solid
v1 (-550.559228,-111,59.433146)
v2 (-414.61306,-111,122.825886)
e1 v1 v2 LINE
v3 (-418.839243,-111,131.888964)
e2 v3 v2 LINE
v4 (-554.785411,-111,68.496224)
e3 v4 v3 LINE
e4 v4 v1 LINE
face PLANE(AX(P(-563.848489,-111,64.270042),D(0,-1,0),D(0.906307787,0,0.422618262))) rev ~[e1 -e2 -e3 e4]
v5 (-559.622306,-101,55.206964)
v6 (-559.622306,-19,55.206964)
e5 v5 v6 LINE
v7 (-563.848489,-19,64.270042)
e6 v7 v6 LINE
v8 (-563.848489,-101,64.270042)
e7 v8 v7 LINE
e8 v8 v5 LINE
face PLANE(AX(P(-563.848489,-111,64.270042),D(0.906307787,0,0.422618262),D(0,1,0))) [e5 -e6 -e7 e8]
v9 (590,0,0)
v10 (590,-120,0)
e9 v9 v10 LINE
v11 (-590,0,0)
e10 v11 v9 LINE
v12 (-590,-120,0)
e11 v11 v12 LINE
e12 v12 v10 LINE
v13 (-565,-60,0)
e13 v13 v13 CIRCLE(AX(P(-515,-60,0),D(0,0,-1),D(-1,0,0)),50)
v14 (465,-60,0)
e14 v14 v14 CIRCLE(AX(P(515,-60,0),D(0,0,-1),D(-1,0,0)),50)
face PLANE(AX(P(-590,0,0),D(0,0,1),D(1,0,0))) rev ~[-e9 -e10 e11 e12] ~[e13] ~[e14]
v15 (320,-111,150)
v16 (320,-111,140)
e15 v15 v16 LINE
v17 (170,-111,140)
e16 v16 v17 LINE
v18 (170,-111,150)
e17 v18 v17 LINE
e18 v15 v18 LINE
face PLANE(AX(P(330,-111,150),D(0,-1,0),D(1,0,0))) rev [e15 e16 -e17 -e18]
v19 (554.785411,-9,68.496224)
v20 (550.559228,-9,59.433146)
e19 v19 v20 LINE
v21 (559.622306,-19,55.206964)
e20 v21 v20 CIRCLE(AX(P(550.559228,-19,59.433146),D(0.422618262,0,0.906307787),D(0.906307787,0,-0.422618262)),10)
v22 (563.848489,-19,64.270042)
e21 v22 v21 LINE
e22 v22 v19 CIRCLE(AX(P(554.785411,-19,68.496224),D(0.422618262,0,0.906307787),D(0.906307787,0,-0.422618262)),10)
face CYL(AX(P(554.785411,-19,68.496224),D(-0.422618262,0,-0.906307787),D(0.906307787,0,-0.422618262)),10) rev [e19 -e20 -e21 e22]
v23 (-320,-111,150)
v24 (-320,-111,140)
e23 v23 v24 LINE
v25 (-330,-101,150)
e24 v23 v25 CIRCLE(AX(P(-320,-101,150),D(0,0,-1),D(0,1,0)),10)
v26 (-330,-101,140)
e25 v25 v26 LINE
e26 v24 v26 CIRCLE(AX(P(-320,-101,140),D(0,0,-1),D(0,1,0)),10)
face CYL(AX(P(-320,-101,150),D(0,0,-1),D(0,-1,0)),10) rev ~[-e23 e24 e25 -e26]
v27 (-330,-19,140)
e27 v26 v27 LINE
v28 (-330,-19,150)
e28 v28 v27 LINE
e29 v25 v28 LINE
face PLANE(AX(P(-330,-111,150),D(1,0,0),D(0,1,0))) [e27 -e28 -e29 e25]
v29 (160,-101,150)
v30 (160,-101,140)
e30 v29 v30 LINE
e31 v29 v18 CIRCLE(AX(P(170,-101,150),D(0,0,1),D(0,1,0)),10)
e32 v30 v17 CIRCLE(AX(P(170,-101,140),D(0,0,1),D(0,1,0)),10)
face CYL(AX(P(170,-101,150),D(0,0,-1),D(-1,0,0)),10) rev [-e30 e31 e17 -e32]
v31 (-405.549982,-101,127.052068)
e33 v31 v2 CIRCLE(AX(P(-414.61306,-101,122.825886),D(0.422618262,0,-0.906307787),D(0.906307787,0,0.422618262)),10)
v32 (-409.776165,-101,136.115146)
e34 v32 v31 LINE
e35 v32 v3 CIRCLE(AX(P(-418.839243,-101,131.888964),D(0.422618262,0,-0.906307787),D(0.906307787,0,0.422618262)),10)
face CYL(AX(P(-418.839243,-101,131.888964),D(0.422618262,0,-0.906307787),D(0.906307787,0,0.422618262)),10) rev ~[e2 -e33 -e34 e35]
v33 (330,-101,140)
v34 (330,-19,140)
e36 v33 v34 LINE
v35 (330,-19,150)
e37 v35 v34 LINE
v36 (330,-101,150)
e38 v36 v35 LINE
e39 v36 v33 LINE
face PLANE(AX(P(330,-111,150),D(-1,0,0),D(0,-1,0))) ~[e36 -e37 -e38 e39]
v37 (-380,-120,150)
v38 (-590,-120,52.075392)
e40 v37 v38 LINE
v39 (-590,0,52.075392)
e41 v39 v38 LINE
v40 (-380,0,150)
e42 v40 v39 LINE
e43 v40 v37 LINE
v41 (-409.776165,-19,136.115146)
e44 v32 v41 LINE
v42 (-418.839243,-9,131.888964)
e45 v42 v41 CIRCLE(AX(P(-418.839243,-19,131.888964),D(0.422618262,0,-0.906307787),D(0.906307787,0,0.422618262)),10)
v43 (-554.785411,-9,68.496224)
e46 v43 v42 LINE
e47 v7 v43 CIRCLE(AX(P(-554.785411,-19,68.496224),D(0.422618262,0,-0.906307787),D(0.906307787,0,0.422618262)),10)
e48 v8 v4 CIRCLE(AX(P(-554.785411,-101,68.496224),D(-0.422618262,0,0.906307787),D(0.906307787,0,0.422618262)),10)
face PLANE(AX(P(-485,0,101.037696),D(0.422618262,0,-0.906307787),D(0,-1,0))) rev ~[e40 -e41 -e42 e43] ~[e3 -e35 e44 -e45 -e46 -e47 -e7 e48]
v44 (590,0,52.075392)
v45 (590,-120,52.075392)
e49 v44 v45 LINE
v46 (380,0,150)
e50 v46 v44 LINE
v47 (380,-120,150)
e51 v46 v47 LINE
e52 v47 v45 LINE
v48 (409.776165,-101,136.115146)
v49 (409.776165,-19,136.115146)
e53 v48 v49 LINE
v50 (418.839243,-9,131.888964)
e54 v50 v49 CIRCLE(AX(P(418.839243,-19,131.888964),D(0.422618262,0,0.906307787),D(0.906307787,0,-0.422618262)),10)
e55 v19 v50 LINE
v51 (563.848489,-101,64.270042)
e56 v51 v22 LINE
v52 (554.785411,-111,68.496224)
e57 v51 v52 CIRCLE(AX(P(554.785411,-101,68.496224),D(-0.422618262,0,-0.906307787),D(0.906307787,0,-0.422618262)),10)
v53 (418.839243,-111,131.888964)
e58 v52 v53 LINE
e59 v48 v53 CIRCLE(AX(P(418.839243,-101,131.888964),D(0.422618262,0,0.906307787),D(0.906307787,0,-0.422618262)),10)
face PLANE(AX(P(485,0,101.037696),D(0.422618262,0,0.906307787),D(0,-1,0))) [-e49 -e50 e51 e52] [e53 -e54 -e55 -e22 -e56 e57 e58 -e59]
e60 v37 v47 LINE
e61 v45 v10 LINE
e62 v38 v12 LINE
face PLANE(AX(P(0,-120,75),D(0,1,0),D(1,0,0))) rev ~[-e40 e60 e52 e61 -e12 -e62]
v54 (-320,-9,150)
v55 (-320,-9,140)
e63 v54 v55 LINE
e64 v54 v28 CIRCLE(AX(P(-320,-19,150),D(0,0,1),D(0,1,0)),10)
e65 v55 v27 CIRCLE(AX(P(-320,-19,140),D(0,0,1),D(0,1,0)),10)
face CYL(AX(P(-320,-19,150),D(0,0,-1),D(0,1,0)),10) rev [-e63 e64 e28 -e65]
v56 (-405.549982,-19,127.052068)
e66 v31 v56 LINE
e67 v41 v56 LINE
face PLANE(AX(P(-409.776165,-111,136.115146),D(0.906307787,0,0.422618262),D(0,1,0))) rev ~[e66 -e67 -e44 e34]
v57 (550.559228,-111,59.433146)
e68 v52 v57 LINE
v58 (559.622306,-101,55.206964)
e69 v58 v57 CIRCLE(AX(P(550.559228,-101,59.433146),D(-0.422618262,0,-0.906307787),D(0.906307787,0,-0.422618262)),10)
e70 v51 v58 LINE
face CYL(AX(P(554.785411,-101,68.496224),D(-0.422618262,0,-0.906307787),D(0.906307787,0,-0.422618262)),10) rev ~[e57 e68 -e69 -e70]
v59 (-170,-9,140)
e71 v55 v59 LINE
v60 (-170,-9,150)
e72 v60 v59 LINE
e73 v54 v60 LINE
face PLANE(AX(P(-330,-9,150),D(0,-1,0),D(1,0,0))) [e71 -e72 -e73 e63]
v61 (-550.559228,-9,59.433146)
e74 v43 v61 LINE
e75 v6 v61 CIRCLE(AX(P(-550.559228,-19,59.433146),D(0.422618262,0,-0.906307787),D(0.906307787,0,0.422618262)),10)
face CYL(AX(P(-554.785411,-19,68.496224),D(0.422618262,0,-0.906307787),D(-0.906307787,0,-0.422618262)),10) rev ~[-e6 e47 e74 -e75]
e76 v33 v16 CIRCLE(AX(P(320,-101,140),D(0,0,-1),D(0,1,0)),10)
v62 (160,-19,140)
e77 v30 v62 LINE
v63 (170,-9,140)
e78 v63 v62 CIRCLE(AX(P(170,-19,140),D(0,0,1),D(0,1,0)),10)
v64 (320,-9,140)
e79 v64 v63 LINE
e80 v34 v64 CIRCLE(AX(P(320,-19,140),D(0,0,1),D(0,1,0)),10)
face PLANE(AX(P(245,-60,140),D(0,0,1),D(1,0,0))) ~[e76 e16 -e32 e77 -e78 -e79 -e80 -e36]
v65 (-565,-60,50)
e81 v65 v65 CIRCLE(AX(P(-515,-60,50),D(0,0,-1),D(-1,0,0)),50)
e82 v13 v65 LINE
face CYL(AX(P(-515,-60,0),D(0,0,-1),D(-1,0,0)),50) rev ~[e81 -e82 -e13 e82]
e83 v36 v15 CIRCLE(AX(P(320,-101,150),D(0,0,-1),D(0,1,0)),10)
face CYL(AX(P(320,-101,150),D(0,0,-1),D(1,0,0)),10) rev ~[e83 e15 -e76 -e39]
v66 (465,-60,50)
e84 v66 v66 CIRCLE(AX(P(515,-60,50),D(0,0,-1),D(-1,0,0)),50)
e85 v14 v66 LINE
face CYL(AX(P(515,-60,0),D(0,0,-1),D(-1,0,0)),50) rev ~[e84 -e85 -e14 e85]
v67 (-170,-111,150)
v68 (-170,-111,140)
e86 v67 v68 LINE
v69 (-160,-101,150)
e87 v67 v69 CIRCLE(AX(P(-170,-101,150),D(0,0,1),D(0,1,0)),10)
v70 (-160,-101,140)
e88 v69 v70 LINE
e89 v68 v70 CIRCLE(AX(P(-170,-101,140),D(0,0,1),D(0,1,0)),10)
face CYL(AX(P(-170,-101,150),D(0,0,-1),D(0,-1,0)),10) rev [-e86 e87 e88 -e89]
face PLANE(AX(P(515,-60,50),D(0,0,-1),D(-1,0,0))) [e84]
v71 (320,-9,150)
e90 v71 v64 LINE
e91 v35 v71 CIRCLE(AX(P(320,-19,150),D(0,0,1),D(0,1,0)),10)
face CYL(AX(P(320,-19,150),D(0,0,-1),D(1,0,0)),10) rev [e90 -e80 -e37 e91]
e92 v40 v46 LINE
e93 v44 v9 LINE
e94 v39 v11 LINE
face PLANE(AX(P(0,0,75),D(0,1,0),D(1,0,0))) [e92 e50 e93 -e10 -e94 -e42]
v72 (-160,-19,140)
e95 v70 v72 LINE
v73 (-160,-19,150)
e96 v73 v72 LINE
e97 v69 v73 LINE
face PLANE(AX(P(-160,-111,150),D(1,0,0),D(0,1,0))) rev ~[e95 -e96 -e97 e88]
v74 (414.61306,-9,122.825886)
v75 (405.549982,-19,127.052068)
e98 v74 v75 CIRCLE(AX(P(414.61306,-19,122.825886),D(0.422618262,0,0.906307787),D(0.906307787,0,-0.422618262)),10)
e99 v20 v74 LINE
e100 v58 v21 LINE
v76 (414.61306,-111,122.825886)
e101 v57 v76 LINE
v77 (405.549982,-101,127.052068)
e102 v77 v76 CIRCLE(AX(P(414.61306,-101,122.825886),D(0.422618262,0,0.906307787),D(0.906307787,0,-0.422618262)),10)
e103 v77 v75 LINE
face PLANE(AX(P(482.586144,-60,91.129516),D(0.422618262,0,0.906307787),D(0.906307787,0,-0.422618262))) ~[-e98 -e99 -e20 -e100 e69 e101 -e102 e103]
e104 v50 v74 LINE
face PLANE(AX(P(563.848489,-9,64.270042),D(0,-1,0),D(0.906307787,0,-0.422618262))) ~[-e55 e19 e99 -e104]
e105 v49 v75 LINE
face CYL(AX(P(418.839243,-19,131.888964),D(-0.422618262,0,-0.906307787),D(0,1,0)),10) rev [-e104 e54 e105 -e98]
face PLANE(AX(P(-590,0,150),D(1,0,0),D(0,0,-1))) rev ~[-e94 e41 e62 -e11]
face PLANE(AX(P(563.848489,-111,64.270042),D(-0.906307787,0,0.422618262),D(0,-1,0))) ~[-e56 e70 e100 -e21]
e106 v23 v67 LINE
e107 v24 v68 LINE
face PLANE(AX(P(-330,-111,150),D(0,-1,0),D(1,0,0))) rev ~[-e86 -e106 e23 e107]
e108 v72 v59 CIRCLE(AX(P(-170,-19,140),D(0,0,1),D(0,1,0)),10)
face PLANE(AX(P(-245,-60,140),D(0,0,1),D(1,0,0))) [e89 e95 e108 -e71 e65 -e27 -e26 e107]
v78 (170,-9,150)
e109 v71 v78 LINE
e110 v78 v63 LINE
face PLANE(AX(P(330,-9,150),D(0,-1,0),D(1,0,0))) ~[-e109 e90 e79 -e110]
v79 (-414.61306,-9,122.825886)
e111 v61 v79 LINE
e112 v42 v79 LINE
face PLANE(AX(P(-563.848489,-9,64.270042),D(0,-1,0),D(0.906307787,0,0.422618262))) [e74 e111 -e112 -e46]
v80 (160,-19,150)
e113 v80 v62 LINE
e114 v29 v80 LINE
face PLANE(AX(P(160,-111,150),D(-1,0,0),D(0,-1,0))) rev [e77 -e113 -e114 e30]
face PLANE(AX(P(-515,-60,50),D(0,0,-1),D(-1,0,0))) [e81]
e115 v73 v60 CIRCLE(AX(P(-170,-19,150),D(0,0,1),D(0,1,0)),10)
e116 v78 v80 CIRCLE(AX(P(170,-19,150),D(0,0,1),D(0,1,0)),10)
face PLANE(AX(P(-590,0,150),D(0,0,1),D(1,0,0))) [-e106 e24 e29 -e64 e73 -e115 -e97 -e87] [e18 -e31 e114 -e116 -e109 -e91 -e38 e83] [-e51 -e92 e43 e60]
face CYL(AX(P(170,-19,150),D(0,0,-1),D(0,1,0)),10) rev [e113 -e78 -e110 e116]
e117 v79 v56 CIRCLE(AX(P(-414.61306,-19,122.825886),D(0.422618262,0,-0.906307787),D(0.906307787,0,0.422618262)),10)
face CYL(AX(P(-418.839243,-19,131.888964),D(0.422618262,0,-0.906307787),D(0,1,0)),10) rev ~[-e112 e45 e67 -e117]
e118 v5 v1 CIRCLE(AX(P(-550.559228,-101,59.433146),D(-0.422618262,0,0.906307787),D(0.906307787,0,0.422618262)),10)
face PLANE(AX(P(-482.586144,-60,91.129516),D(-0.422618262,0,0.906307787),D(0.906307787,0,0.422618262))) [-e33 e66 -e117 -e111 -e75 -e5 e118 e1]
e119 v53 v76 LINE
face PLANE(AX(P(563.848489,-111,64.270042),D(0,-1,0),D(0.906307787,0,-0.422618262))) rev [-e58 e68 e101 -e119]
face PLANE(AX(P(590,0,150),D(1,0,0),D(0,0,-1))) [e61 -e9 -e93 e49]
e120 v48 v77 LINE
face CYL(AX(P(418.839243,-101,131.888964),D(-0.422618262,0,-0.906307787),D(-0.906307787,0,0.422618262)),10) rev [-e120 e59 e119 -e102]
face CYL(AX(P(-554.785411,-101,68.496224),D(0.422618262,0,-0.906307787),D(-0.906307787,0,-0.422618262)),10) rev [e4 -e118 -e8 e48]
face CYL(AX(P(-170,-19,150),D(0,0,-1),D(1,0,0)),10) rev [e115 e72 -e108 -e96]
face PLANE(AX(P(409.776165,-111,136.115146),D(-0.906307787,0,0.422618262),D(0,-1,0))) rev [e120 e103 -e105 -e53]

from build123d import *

# Parameters (mm, degrees)
SKETCH1_W           = 1180
SKETCH1_H           = 150
BOSS_EXTRUDE1_DEPTH = 120
SKETCH2_R           = 50
CUT_EXTRUDE1_DEPTH  = 50
CHAMFER1_SIZE       = 210
CHAMFER1_SIZE2      = 97.924608213
SKETCH3_W           = 170
SKETCH3_H           = 102
CUT_EXTRUDE2_DEPTH  = 10
FILLET2_R           = 10
SKETCH4_W           = 170
SKETCH4_H           = 102
CUT_EXTRUDE3_DEPTH  = 10
FILLET3_R           = 10
FILLET4_R           = 10


with BuildPart() as part:
    # Sketch1 → Boss-Extrude1 (new body)
    with BuildSketch(Plane(origin=(0, 0, 0), x_dir=(1, 0, 0), z_dir=(0, 1, 0))):
        with Locations((0, -75)):
            Rectangle(SKETCH1_W, SKETCH1_H)
    extrude(amount=-BOSS_EXTRUDE1_DEPTH)

    # Sketch2 → Cut-Extrude1 (cut)
    with BuildSketch(Plane(origin=(0, 0, 0), x_dir=(-1, 0, 0), z_dir=(0, 0, -1))):
        with Locations((-515, -60)):
            Circle(SKETCH2_R)
        with Locations((515, -60)):
            Circle(SKETCH2_R)
    extrude(amount=-CUT_EXTRUDE1_DEPTH, mode=Mode.SUBTRACT)

    # Chamfer1
    chamfer1_edges = [part.edges().sort_by_distance(p)[0] for p in [
        (590, -60, 150),
        (-590, -60, 150),
    ]]
    chamfer1_side = [part.faces().sort_by_distance(p)[0] for p in [
        (0, -60, 150),
    ]]
    chamfer(chamfer1_edges, length=CHAMFER1_SIZE, length2=CHAMFER1_SIZE2, reference=chamfer1_side[0])

    # Sketch3 → Cut-Extrude2 (cut)
    with BuildSketch(Plane(origin=(-125.323687393, 0, 268.757514919), x_dir=(0.9063077870366509, 0, 0.42261826174069755), z_dir=(-0.4226182617406975, 0, 0.9063077870366508))):
        with Locations((-398.858582795, -60)):
            Rectangle(SKETCH3_W, SKETCH3_H)
    cut_extrude2 = extrude(amount=-CUT_EXTRUDE2_DEPTH, mode=Mode.SUBTRACT)

    # Fillet2
    fillet2_edges = [part.edges().sort_by_distance(p)[0] for p in [
        (-561.735397496, -111, 59.738502795),
        (-561.735397496, -9, 59.738502795),
        (-407.6630737, -9, 131.583607291),
        (-407.6630737, -111, 131.583607291),
    ]]
    fillet(fillet2_edges, radius=FILLET2_R)

    # Mirror1: Cut-Extrude2 across plane
    add(cut_extrude2.mirror(Plane(origin=(0, 0, 0), x_dir=(0, 0, 1), z_dir=(1, 0, 0))), mode=Mode.SUBTRACT)

    # Sketch4 → Cut-Extrude3 (cut)
    with BuildSketch(Plane.XY.offset(150)):
        with Locations((-245, -60)):
            Rectangle(SKETCH4_W, SKETCH4_H)
    cut_extrude3 = extrude(amount=-CUT_EXTRUDE3_DEPTH, mode=Mode.SUBTRACT)

    # Fillet3
    fillet3_edges = [part.edges().sort_by_distance(p)[0] for p in [
        (-330, -111, 145),
        (-330, -9, 145),
        (-160, -9, 145),
        (-160, -111, 145),
    ]]
    fillet(fillet3_edges, radius=FILLET3_R)

    # Mirror2: Cut-Extrude3 across plane
    add(cut_extrude3.mirror(Plane(origin=(0, 0, 0), x_dir=(0, 0, 1), z_dir=(1, 0, 0))), mode=Mode.SUBTRACT)

    # Fillet4
    fillet4_edges = [part.edges().sort_by_distance(p)[0] for p in [
        (330, -9, 145),
        (330, -111, 145),
        (160, -111, 145),
        (160, -9, 145),
        (561.735397496, -9, 59.738502795),
        (561.735397496, -111, 59.738502795),
        (407.6630737, -111, 131.583607291),
        (407.6630737, -9, 131.583607291),
    ]]
    fillet(fillet4_edges, radius=FILLET4_R)


solid = part.part
